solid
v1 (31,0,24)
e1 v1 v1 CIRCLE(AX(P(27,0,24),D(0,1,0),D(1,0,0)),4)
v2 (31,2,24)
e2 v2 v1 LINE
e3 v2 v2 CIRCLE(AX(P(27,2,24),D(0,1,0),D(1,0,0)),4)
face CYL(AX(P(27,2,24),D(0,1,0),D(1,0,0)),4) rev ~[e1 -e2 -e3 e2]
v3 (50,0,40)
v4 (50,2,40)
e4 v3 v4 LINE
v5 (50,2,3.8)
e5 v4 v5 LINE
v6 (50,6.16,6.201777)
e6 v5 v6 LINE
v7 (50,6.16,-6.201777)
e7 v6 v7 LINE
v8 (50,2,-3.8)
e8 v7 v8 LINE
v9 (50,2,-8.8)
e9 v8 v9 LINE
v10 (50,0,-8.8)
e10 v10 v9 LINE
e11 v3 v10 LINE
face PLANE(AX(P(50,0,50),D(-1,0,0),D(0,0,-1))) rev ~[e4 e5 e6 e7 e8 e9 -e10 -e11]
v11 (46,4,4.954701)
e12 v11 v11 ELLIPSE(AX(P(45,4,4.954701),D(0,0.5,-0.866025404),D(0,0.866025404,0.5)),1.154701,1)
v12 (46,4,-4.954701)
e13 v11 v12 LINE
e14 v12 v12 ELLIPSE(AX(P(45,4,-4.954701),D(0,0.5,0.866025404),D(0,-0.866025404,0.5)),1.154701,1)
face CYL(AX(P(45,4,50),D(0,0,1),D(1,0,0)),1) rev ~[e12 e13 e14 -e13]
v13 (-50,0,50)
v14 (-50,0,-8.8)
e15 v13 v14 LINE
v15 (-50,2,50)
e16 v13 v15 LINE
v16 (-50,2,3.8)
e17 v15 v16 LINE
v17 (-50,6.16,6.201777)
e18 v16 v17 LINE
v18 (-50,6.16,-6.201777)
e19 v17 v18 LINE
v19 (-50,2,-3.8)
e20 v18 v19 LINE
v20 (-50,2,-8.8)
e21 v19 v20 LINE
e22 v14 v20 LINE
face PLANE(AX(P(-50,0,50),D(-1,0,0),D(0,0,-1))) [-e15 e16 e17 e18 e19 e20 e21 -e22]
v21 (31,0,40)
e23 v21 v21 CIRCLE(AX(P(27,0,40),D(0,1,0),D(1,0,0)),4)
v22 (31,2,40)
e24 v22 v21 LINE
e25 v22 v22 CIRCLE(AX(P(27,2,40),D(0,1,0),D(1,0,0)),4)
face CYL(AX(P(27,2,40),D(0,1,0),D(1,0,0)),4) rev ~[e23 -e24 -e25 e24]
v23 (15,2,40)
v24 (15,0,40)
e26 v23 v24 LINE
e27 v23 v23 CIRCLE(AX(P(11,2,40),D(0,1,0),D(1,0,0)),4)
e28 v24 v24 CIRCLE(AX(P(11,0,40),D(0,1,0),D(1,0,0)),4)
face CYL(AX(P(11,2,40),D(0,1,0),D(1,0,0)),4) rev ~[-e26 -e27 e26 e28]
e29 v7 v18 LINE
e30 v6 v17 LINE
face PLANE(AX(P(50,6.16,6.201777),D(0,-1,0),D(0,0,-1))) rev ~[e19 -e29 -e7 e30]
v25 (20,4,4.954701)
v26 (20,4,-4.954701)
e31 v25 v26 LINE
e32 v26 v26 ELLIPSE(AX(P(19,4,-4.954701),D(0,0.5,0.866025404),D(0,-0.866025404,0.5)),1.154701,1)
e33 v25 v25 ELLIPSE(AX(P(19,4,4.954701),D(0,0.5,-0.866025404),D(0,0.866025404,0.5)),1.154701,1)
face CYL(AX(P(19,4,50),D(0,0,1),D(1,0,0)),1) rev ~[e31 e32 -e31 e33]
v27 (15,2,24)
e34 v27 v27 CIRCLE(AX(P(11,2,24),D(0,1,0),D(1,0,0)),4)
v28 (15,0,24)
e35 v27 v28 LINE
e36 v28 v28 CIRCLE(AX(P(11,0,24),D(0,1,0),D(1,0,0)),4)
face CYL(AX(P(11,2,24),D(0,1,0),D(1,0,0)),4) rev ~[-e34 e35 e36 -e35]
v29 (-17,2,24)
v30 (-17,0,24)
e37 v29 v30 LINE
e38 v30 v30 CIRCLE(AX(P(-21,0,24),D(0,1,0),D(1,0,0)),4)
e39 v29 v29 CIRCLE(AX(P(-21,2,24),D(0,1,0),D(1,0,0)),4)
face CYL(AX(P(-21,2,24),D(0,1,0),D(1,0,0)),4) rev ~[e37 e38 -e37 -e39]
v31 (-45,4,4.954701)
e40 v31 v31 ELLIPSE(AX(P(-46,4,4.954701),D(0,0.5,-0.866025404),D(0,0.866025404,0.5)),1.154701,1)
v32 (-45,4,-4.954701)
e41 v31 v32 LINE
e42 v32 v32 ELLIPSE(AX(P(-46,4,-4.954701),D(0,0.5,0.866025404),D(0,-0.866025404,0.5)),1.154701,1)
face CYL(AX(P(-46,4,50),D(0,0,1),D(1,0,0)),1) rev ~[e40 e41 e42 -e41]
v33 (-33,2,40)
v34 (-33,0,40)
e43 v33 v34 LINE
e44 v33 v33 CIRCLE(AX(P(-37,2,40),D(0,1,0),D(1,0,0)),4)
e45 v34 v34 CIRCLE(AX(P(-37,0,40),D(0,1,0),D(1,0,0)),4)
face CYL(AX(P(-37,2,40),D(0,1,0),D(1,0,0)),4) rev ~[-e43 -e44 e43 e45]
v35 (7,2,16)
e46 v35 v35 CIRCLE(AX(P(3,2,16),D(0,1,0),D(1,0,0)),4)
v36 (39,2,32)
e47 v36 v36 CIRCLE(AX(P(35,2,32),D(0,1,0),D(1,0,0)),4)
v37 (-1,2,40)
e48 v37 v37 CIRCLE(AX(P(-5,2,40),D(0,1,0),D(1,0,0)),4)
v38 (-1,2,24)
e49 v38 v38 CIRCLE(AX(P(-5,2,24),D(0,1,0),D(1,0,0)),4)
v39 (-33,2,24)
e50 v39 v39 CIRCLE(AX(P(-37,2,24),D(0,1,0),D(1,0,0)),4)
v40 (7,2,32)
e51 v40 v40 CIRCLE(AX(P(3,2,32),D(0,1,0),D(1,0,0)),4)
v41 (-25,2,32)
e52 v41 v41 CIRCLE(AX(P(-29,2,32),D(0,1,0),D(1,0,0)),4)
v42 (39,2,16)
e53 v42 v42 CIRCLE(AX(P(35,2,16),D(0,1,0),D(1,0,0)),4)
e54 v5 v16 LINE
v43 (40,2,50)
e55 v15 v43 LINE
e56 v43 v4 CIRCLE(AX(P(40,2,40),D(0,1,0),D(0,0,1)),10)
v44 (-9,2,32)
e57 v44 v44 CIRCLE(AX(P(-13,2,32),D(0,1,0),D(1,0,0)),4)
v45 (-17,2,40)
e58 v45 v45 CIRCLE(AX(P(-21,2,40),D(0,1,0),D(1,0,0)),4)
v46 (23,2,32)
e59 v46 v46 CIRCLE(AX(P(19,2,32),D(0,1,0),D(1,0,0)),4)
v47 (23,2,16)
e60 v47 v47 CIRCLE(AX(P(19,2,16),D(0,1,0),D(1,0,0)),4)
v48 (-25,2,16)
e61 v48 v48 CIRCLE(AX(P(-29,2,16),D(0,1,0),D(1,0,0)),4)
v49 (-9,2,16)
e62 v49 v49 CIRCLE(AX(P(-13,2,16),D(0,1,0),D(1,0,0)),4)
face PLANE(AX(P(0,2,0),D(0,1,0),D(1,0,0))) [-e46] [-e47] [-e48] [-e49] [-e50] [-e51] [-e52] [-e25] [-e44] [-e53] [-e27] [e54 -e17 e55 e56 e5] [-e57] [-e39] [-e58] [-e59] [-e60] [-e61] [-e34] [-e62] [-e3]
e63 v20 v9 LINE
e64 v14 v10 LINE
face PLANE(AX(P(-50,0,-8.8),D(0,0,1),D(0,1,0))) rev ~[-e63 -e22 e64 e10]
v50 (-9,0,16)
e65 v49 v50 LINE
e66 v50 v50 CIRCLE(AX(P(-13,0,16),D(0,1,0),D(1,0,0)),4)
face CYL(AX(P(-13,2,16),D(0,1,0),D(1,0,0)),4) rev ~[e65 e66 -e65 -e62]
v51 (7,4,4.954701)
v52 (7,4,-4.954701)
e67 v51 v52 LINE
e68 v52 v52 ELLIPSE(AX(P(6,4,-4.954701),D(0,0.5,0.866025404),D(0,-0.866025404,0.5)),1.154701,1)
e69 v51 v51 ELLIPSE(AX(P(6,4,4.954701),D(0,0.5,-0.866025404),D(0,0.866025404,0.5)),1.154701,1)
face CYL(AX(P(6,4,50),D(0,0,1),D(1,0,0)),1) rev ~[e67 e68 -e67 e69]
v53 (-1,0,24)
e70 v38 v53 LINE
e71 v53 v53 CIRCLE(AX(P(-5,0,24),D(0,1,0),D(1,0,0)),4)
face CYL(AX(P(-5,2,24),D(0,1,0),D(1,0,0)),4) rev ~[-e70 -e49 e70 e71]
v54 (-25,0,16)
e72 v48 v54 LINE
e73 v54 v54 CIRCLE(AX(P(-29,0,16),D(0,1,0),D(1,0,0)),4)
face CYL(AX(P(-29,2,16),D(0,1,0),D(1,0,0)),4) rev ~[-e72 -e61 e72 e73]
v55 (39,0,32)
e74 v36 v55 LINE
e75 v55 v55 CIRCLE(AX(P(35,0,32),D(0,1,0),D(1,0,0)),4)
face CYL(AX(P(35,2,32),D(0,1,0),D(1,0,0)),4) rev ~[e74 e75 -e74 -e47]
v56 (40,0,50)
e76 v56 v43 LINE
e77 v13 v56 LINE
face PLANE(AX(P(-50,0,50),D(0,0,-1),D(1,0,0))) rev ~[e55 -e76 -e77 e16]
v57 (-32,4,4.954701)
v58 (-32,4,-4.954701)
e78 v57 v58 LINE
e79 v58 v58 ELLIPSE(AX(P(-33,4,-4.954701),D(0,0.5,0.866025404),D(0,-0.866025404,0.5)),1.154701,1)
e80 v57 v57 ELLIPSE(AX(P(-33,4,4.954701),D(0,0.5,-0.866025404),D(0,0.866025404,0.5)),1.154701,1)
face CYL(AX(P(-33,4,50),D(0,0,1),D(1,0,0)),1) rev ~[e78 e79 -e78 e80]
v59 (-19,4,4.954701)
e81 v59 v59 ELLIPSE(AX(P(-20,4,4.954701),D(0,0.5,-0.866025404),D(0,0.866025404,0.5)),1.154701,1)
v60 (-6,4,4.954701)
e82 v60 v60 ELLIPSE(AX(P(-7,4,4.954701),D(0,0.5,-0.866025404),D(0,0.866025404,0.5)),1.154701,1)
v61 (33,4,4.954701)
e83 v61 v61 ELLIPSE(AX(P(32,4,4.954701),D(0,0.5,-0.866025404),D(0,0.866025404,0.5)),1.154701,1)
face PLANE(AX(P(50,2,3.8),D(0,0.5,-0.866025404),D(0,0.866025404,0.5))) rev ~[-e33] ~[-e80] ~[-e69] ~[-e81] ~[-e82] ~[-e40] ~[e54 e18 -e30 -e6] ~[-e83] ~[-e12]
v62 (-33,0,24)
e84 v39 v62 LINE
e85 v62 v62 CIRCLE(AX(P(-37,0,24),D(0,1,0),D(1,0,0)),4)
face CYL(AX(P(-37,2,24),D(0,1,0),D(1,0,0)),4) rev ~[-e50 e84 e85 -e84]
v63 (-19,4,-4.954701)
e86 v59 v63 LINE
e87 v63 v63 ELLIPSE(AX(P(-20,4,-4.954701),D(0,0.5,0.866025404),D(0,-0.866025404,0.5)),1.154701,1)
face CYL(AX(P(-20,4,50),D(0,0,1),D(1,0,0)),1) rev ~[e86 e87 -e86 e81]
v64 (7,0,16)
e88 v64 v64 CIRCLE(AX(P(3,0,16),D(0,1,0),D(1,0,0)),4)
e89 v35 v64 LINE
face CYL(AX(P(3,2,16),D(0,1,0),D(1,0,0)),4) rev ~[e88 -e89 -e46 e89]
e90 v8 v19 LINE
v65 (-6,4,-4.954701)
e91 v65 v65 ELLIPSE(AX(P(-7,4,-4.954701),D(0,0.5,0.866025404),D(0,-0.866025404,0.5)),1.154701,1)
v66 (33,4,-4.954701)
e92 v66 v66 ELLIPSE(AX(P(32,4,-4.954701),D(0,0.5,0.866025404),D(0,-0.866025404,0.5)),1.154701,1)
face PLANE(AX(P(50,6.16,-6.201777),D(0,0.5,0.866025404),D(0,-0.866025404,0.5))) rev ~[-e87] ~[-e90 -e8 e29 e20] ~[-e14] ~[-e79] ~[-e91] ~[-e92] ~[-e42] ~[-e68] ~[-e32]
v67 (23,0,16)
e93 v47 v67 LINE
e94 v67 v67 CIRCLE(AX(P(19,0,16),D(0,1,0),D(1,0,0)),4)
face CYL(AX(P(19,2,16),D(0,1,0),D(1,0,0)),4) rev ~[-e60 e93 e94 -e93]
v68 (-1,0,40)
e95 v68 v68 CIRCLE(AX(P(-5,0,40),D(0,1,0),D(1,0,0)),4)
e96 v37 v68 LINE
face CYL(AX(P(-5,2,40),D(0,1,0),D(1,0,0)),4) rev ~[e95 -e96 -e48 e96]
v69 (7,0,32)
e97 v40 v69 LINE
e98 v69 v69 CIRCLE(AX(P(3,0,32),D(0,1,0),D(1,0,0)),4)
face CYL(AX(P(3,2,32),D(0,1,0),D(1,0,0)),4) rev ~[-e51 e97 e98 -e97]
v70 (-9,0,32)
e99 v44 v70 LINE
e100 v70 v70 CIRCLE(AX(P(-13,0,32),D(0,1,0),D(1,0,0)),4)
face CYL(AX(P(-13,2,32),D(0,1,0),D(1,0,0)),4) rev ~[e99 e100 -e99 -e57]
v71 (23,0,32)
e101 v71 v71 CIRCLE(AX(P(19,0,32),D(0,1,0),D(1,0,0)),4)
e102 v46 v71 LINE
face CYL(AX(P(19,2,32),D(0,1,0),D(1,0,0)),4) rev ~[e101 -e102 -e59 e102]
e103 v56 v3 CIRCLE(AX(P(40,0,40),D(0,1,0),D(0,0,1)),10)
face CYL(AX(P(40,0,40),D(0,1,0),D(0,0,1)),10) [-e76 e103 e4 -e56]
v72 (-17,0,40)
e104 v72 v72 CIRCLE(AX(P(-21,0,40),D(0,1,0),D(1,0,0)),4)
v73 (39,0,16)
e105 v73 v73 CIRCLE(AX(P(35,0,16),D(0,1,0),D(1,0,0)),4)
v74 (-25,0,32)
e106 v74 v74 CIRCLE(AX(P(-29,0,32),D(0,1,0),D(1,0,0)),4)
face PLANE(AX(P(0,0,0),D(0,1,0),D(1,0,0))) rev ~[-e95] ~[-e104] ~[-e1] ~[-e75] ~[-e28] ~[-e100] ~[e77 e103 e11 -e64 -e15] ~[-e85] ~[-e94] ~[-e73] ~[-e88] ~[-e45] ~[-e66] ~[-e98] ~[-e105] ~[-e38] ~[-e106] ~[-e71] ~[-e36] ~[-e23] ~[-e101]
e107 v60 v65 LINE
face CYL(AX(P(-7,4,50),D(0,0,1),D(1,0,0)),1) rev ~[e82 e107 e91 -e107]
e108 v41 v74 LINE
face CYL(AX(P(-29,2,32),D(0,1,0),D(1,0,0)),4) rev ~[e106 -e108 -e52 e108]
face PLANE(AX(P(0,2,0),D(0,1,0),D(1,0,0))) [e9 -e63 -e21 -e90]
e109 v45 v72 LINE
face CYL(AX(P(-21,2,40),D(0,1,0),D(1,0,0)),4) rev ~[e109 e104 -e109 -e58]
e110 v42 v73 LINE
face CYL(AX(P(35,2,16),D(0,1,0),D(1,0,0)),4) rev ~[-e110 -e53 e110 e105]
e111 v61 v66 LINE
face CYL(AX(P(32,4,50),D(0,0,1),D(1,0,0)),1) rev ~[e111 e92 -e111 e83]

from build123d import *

# Parameters (mm, degrees)
SKETCH1_W               = 100
SKETCH1_H               = 100
BOSS_EXTRUDE1_DEPTH     = 2
BOSS_EXTRUDE2_DEPTH     = 100
FILLET1_R               = 10
SKETCH3_R               = 4
CUT_EXTRUDE1_DEPTH      = 3
LPATTERN1_COUNT         = 5
LPATTERN1_PITCH         = 16
LPATTERN1_COUNT_DIR2    = 2
LPATTERN1_PITCH_DIR2    = 16
MIRROR1_COPY_1_SKETCH_R = 4
MIRROR1_COPY_1_DEPTH    = 3
MIRROR1_COPY_2_SKETCH_R = 4
MIRROR1_COPY_2_DEPTH    = 3
MIRROR1_COPY_3_SKETCH_R = 4
MIRROR1_COPY_3_DEPTH    = 3
MIRROR1_COPY_4_SKETCH_R = 4
MIRROR1_COPY_4_DEPTH    = 3
MIRROR1_COPY_5_SKETCH_R = 4
MIRROR1_COPY_5_DEPTH    = 3
MIRROR1_COPY_6_SKETCH_R = 4
MIRROR1_COPY_6_DEPTH    = 3
MIRROR1_COPY_7_SKETCH_R = 4
MIRROR1_COPY_7_DEPTH    = 3
MIRROR1_COPY_8_SKETCH_R = 4
MIRROR1_COPY_8_DEPTH    = 3
MIRROR1_COPY_9_SKETCH_R = 4
MIRROR1_COPY_9_DEPTH    = 3
SKETCH4_W               = 41.2
SKETCH4_H               = 2
CUT_EXTRUDE2_DEPTH      = 101
SKETCH5_R               = 1
CUT_EXTRUDE3_DEPTH      = 59.8
LPATTERN2_COUNT         = 8
LPATTERN2_PITCH         = 13


with BuildPart() as part:
    # Sketch1 → Boss-Extrude1 (new body)
    with BuildSketch(Plane(origin=(0, 0, 0), x_dir=(1, 0, 0), z_dir=(0, 1, 0))):
        Rectangle(SKETCH1_W, SKETCH1_H)
    extrude(amount=BOSS_EXTRUDE1_DEPTH)

    # Sketch2 → Boss-Extrude2 (add)
    with BuildSketch(Plane(origin=(50, 0, 0), x_dir=(0, 0, -1), z_dir=(1, 0, 0))):
        Polygon((-3.8, 2), (-6.20177712, 6.16), (6.20177712, 6.16), (3.8, 2), align=None)
    extrude(amount=-BOSS_EXTRUDE2_DEPTH)

    # Fillet1
    fillet1_edges = [part.edges().sort_by_distance(p)[0] for p in [
        (50, 1, -50),
        (50, 1, 50),
    ]]
    fillet(fillet1_edges, radius=FILLET1_R)

    # Sketch3 → Cut-Extrude1 (cut, through all)
    with BuildSketch(Plane(origin=(0, 2, 0), x_dir=(1, 0, 0), z_dir=(0, 1, 0))):
        with Locations((35, -16)):
            Circle(SKETCH3_R)
        with Locations((27, -24)):
            Circle(SKETCH3_R)
    cut_extrude1 = extrude(amount=-CUT_EXTRUDE1_DEPTH, mode=Mode.SUBTRACT)

    # LPattern1: Cut-Extrude1 5 × 2
    with Locations(*[(-i * LPATTERN1_PITCH, 0, j * LPATTERN1_PITCH_DIR2) for i in range(LPATTERN1_COUNT) for j in range(LPATTERN1_COUNT_DIR2) if (i, j) != (0, 0)]):
        add(cut_extrude1, mode=Mode.SUBTRACT)

    # Mirror1: Cut-Extrude1 across plane
    add(cut_extrude1.mirror(Plane.XY), mode=Mode.SUBTRACT)

    # Mirror1 copy 1 sketch → Mirror1 copy 1 (cut, through all)
    with BuildSketch(Plane(origin=(0, 2, -16), x_dir=(1, 0, 0), z_dir=(0, 1, 0))):
        with Locations((35, 16)):
            Circle(MIRROR1_COPY_1_SKETCH_R)
        with Locations((27, 24)):
            Circle(MIRROR1_COPY_1_SKETCH_R)
    extrude(amount=-MIRROR1_COPY_1_DEPTH, mode=Mode.SUBTRACT)

    # Mirror1 copy 2 sketch → Mirror1 copy 2 (cut, through all)
    with BuildSketch(Plane(origin=(-16, 2, 0), x_dir=(1, 0, 0), z_dir=(0, 1, 0))):
        with Locations((35, 16)):
            Circle(MIRROR1_COPY_2_SKETCH_R)
        with Locations((27, 24)):
            Circle(MIRROR1_COPY_2_SKETCH_R)
    extrude(amount=-MIRROR1_COPY_2_DEPTH, mode=Mode.SUBTRACT)

    # Mirror1 copy 3 sketch → Mirror1 copy 3 (cut, through all)
    with BuildSketch(Plane(origin=(-16, 2, -16), x_dir=(1, 0, 0), z_dir=(0, 1, 0))):
        with Locations((35, 16)):
            Circle(MIRROR1_COPY_3_SKETCH_R)
        with Locations((27, 24)):
            Circle(MIRROR1_COPY_3_SKETCH_R)
    extrude(amount=-MIRROR1_COPY_3_DEPTH, mode=Mode.SUBTRACT)

    # Mirror1 copy 4 sketch → Mirror1 copy 4 (cut, through all)
    with BuildSketch(Plane(origin=(-32, 2, 0), x_dir=(1, 0, 0), z_dir=(0, 1, 0))):
        with Locations((35, 16)):
            Circle(MIRROR1_COPY_4_SKETCH_R)
        with Locations((27, 24)):
            Circle(MIRROR1_COPY_4_SKETCH_R)
    extrude(amount=-MIRROR1_COPY_4_DEPTH, mode=Mode.SUBTRACT)

    # Mirror1 copy 5 sketch → Mirror1 copy 5 (cut, through all)
    with BuildSketch(Plane(origin=(-32, 2, -16), x_dir=(1, 0, 0), z_dir=(0, 1, 0))):
        with Locations((35, 16)):
            Circle(MIRROR1_COPY_5_SKETCH_R)
        with Locations((27, 24)):
            Circle(MIRROR1_COPY_5_SKETCH_R)
    extrude(amount=-MIRROR1_COPY_5_DEPTH, mode=Mode.SUBTRACT)

    # Mirror1 copy 6 sketch → Mirror1 copy 6 (cut, through all)
    with BuildSketch(Plane(origin=(-48, 2, 0), x_dir=(1, 0, 0), z_dir=(0, 1, 0))):
        with Locations((35, 16)):
            Circle(MIRROR1_COPY_6_SKETCH_R)
        with Locations((27, 24)):
            Circle(MIRROR1_COPY_6_SKETCH_R)
    extrude(amount=-MIRROR1_COPY_6_DEPTH, mode=Mode.SUBTRACT)

    # Mirror1 copy 7 sketch → Mirror1 copy 7 (cut, through all)
    with BuildSketch(Plane(origin=(-48, 2, -16), x_dir=(1, 0, 0), z_dir=(0, 1, 0))):
        with Locations((35, 16)):
            Circle(MIRROR1_COPY_7_SKETCH_R)
        with Locations((27, 24)):
            Circle(MIRROR1_COPY_7_SKETCH_R)
    extrude(amount=-MIRROR1_COPY_7_DEPTH, mode=Mode.SUBTRACT)

    # Mirror1 copy 8 sketch → Mirror1 copy 8 (cut, through all)
    with BuildSketch(Plane(origin=(-64, 2, 0), x_dir=(1, 0, 0), z_dir=(0, 1, 0))):
        with Locations((35, 16)):
            Circle(MIRROR1_COPY_8_SKETCH_R)
        with Locations((27, 24)):
            Circle(MIRROR1_COPY_8_SKETCH_R)
    extrude(amount=-MIRROR1_COPY_8_DEPTH, mode=Mode.SUBTRACT)

    # Mirror1 copy 9 sketch → Mirror1 copy 9 (cut, through all)
    with BuildSketch(Plane(origin=(-64, 2, -16), x_dir=(1, 0, 0), z_dir=(0, 1, 0))):
        with Locations((35, 16)):
            Circle(MIRROR1_COPY_9_SKETCH_R)
        with Locations((27, 24)):
            Circle(MIRROR1_COPY_9_SKETCH_R)
    extrude(amount=-MIRROR1_COPY_9_DEPTH, mode=Mode.SUBTRACT)

    # Sketch4 → Cut-Extrude2 (cut, through all)
    with BuildSketch(Plane.ZY.offset(50)):
        with Locations((-29.4, 1)):
            Rectangle(SKETCH4_W, SKETCH4_H)
    extrude(amount=-CUT_EXTRUDE2_DEPTH, mode=Mode.SUBTRACT)

    # Sketch5 → Cut-Extrude3 (cut, through all)
    with BuildSketch(Plane.XY.offset(50)):
        with Locations((-46, 4)):
            Circle(SKETCH5_R)
    cut_extrude3 = extrude(amount=-CUT_EXTRUDE3_DEPTH, mode=Mode.SUBTRACT)

    # LPattern2: Cut-Extrude3 ×8
    with Locations(*[(i * LPATTERN2_PITCH, 0, 0) for i in range(1, LPATTERN2_COUNT)]):
        add(cut_extrude3, mode=Mode.SUBTRACT)


solid = part.part
